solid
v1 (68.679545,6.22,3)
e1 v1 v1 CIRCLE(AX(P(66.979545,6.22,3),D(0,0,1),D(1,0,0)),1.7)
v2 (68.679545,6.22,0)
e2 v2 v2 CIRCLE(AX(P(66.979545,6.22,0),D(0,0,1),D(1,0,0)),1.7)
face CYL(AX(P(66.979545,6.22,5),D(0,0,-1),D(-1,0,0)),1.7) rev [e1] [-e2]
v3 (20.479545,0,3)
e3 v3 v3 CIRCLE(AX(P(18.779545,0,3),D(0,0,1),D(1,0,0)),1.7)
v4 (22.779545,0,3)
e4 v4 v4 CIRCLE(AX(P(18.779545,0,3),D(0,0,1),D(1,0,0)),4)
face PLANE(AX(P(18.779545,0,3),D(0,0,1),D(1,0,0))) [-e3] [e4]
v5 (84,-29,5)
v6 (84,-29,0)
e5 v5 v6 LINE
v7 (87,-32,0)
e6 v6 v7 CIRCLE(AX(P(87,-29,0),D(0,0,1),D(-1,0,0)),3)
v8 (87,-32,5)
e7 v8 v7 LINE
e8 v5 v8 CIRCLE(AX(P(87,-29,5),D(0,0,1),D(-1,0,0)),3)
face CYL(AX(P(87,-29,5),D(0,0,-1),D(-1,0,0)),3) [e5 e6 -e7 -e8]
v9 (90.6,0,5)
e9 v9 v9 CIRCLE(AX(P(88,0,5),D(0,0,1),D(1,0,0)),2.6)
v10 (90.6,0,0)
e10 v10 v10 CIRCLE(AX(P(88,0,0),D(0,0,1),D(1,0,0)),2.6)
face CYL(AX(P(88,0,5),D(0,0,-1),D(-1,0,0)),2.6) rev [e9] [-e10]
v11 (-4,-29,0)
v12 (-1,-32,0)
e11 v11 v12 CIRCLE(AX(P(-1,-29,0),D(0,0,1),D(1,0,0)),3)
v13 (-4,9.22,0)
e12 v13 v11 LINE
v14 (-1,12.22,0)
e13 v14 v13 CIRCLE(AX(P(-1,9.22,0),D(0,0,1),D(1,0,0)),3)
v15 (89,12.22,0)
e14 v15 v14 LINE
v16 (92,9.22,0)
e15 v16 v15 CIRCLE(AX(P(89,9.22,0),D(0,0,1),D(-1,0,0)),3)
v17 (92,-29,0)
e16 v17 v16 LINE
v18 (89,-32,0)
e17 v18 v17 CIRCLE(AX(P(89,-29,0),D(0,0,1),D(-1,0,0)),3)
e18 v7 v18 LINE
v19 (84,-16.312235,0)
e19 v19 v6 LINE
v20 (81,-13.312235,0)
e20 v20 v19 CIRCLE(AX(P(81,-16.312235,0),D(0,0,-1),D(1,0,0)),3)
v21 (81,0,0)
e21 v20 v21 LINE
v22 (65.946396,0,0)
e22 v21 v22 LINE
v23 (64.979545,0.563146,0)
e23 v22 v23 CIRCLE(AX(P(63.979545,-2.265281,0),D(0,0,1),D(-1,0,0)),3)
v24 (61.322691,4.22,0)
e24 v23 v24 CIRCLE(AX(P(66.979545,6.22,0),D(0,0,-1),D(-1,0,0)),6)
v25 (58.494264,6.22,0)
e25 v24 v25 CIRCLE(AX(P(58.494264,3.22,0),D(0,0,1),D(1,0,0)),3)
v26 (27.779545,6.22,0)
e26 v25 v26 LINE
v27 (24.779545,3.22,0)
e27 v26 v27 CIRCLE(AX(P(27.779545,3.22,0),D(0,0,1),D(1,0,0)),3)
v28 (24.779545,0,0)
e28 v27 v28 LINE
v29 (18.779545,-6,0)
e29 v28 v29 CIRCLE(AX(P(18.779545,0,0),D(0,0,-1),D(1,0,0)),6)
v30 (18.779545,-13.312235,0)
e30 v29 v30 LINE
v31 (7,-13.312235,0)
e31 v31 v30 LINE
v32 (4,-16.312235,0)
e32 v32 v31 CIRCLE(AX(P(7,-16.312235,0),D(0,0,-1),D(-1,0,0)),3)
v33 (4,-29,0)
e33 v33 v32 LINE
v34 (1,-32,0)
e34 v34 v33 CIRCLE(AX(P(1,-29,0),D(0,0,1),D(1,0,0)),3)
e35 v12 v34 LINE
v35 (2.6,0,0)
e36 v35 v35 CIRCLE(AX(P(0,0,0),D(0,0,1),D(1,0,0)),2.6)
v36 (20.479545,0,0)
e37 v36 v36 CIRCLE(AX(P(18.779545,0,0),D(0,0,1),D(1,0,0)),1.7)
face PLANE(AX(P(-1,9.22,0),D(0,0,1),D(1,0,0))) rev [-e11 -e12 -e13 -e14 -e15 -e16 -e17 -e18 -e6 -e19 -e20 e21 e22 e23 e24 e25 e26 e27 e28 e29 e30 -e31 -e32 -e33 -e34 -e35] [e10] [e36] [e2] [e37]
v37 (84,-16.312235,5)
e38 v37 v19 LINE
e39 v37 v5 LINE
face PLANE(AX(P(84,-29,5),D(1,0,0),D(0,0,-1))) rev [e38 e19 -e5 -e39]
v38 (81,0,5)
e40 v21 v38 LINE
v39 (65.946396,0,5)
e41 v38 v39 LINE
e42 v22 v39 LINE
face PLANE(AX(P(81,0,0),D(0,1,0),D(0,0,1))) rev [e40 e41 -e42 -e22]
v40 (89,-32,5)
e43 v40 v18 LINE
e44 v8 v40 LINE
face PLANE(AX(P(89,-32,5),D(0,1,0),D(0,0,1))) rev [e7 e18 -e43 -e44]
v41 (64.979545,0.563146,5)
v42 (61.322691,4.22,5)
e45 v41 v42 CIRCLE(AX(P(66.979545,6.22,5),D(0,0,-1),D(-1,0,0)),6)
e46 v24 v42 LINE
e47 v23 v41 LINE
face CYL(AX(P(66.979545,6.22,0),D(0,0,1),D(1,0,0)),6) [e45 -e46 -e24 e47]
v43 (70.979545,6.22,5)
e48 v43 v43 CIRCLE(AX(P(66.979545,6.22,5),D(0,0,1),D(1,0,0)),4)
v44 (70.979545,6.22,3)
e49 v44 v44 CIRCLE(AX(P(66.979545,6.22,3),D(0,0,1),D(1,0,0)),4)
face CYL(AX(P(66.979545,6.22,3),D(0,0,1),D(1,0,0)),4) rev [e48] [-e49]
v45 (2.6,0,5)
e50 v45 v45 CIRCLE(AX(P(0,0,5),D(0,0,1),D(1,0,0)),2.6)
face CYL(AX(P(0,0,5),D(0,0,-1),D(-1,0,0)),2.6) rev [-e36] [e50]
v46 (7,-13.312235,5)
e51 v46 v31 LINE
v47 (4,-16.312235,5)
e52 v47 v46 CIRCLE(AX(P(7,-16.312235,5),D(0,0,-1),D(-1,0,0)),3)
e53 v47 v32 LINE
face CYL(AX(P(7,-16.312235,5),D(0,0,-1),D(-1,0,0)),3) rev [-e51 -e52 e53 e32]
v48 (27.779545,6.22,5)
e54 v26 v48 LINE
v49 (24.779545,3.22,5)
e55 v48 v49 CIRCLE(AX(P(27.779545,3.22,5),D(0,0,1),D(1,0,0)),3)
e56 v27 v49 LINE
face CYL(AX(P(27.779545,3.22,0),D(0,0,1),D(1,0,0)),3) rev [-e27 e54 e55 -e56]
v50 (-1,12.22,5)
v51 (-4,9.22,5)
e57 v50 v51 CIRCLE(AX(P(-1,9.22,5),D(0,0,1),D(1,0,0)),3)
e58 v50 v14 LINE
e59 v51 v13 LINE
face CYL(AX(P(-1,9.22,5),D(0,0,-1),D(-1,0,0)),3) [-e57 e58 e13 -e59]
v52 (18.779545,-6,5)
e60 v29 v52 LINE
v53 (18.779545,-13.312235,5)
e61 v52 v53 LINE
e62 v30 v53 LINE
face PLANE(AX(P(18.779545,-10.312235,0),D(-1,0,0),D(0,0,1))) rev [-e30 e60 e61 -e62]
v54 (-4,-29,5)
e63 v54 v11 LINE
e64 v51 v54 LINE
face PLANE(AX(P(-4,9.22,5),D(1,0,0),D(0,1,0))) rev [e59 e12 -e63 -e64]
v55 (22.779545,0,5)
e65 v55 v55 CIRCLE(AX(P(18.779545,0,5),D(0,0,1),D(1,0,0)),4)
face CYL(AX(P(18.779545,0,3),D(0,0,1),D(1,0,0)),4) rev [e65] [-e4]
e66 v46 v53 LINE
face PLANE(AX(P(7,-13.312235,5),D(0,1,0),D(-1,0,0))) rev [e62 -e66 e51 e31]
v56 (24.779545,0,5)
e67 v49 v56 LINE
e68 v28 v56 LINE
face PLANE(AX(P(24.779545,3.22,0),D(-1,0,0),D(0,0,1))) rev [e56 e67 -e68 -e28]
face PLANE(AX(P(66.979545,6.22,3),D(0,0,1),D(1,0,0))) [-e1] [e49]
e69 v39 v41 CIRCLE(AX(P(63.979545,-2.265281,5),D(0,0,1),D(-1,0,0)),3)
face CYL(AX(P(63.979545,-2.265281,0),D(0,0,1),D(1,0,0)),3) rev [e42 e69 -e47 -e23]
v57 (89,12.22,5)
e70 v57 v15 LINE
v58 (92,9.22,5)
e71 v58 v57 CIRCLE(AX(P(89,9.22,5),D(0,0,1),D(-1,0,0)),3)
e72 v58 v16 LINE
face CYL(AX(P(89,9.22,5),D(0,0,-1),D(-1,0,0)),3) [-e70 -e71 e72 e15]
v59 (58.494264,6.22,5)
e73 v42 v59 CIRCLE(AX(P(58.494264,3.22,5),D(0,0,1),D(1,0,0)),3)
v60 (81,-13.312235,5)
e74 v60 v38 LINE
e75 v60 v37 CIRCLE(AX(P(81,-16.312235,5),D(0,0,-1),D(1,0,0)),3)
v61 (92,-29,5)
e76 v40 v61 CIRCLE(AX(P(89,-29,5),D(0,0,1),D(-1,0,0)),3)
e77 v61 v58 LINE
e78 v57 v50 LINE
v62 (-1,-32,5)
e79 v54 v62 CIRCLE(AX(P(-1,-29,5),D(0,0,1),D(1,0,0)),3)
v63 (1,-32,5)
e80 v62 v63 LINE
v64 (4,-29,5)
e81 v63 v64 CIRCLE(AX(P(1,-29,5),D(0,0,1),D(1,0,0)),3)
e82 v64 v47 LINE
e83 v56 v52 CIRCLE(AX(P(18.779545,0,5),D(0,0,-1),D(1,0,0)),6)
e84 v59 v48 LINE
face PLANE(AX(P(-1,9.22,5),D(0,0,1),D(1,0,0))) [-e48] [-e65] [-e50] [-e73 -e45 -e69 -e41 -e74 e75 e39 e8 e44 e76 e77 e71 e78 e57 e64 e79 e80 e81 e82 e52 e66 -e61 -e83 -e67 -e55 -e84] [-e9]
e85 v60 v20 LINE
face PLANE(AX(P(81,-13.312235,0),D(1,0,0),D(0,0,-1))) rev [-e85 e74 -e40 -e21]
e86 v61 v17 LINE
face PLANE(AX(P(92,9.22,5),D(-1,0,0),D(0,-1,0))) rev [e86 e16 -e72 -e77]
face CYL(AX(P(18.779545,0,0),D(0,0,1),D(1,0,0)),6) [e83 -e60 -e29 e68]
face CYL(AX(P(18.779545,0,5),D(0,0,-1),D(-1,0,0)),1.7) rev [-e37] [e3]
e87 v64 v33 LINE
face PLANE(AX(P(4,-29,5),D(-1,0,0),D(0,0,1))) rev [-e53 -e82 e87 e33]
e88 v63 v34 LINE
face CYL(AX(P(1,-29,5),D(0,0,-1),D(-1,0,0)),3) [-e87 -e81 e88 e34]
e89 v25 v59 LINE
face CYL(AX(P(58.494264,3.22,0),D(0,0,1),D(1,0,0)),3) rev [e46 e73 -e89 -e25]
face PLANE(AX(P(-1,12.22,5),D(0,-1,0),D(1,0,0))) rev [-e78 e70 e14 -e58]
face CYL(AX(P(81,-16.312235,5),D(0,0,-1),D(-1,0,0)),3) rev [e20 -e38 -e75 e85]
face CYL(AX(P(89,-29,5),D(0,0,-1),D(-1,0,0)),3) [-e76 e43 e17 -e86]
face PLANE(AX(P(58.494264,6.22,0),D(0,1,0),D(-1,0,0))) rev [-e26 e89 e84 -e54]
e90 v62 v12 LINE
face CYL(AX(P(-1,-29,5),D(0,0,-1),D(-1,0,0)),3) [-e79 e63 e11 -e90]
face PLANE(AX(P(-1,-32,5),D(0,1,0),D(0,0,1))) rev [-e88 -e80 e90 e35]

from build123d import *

# Parameters (mm, degrees)
ESQUISSE1_R             = 2.6
ESQUISSE1_R_2           = 1.7
BOSS_EXTRU_1_DEPTH      = 5
ESQUISSE2_R             = 4
ENL_V_MAT_EXTRU_1_DEPTH = 2
ENL_V_MAT_EXTRU_2_DEPTH = 5


with BuildPart() as part:
    # Esquisse1 → Boss.-Extru.1 (new body)
    with BuildSketch(Plane.XY):
        with BuildLine():
            Line((7, -13.31223453), (81, -13.31223453))
            ThreePointArc((81, -13.31223453), (83.121320344, -14.190914186), (84, -16.31223453))
            Line((84, -16.31223453), (84, -29))
            ThreePointArc((84, -29), (84.878679656, -31.121320344), (87, -32))
            Line((87, -32), (89, -32))
            ThreePointArc((89, -32), (91.121320344, -31.121320344), (92, -29))
            Line((92, -29), (92, 9.22))
            ThreePointArc((92, 9.22), (91.121320344, 11.341320344), (89, 12.22))
            Line((89, 12.22), (-1, 12.22))
            ThreePointArc((-1, 12.22), (-3.121320344, 11.341320344), (-4, 9.22))
            Line((-4, 9.22), (-4, -29))
            ThreePointArc((-4, -29), (-3.121320344, -31.121320344), (-1, -32))
            Line((-1, -32), (1, -32))
            ThreePointArc((1, -32), (3.121320344, -31.121320344), (4, -29))
            Line((4, -29), (4, -16.31223453))
            ThreePointArc((4, -16.31223453), (4.878679656, -14.190914186), (7, -13.31223453))
        make_face()
        Circle(ESQUISSE1_R, mode=Mode.SUBTRACT)
        with Locations((88, 0)):
            Circle(ESQUISSE1_R, mode=Mode.SUBTRACT)
        with Locations((18.779545265, 0)):
            Circle(ESQUISSE1_R_2, mode=Mode.SUBTRACT)
        with Locations((66.979545265, 6.22)):
            Circle(ESQUISSE1_R_2, mode=Mode.SUBTRACT)
    extrude(amount=BOSS_EXTRU_1_DEPTH)

    # Esquisse2 → Enlèv. mat.-Extru.1 (cut)
    with BuildSketch(Plane.XY.offset(5)):
        with Locations((18.779545265, 0)):
            Circle(ESQUISSE2_R)
        with Locations((66.979545265, 6.22)):
            Circle(ESQUISSE2_R)
    extrude(amount=-ENL_V_MAT_EXTRU_1_DEPTH, mode=Mode.SUBTRACT)

    # Esquisse3 → Enlèv. mat.-Extru.2 (cut)
    with BuildSketch(Plane.XY.offset(5)):
        with BuildLine():
            Line((18.779545265, -6), (18.779545265, -10.31223453))
            Line((18.779545265, -10.31223453), (18.779545265, -13.31223453))
            Line((18.779545265, -13.31223453), (21.779545265, -13.31223453))
            Line((21.779545265, -13.31223453), (63.979545265, -13.31223453))
            Line((63.979545265, -13.31223453), (81, -13.31223453))
            Line((81, -13.31223453), (81, 0))
            Line((81, 0), (65.946395614, 0))
            ThreePointArc((65.946395614, 0), (65.489457028, 0.327047013), (64.979545265, 0.563145751))
            ThreePointArc((64.979545265, 0.563145751), (62.736904578, 1.977359313), (61.322691016, 4.22))
            ThreePointArc((61.322691016, 4.22), (60.226314699, 5.669489743), (58.494263891, 6.22))
            Line((58.494263891, 6.22), (27.779545265, 6.22))
            ThreePointArc((27.779545265, 6.22), (25.658224922, 5.341320344), (24.779545265, 3.22))
            Line((24.779545265, 3.22), (24.779545265, 0))
            ThreePointArc((24.779545265, 0), (23.022185952, -4.242640687), (18.779545265, -6))
        make_face()
    extrude(amount=-ENL_V_MAT_EXTRU_2_DEPTH, mode=Mode.SUBTRACT)


solid = part.part
